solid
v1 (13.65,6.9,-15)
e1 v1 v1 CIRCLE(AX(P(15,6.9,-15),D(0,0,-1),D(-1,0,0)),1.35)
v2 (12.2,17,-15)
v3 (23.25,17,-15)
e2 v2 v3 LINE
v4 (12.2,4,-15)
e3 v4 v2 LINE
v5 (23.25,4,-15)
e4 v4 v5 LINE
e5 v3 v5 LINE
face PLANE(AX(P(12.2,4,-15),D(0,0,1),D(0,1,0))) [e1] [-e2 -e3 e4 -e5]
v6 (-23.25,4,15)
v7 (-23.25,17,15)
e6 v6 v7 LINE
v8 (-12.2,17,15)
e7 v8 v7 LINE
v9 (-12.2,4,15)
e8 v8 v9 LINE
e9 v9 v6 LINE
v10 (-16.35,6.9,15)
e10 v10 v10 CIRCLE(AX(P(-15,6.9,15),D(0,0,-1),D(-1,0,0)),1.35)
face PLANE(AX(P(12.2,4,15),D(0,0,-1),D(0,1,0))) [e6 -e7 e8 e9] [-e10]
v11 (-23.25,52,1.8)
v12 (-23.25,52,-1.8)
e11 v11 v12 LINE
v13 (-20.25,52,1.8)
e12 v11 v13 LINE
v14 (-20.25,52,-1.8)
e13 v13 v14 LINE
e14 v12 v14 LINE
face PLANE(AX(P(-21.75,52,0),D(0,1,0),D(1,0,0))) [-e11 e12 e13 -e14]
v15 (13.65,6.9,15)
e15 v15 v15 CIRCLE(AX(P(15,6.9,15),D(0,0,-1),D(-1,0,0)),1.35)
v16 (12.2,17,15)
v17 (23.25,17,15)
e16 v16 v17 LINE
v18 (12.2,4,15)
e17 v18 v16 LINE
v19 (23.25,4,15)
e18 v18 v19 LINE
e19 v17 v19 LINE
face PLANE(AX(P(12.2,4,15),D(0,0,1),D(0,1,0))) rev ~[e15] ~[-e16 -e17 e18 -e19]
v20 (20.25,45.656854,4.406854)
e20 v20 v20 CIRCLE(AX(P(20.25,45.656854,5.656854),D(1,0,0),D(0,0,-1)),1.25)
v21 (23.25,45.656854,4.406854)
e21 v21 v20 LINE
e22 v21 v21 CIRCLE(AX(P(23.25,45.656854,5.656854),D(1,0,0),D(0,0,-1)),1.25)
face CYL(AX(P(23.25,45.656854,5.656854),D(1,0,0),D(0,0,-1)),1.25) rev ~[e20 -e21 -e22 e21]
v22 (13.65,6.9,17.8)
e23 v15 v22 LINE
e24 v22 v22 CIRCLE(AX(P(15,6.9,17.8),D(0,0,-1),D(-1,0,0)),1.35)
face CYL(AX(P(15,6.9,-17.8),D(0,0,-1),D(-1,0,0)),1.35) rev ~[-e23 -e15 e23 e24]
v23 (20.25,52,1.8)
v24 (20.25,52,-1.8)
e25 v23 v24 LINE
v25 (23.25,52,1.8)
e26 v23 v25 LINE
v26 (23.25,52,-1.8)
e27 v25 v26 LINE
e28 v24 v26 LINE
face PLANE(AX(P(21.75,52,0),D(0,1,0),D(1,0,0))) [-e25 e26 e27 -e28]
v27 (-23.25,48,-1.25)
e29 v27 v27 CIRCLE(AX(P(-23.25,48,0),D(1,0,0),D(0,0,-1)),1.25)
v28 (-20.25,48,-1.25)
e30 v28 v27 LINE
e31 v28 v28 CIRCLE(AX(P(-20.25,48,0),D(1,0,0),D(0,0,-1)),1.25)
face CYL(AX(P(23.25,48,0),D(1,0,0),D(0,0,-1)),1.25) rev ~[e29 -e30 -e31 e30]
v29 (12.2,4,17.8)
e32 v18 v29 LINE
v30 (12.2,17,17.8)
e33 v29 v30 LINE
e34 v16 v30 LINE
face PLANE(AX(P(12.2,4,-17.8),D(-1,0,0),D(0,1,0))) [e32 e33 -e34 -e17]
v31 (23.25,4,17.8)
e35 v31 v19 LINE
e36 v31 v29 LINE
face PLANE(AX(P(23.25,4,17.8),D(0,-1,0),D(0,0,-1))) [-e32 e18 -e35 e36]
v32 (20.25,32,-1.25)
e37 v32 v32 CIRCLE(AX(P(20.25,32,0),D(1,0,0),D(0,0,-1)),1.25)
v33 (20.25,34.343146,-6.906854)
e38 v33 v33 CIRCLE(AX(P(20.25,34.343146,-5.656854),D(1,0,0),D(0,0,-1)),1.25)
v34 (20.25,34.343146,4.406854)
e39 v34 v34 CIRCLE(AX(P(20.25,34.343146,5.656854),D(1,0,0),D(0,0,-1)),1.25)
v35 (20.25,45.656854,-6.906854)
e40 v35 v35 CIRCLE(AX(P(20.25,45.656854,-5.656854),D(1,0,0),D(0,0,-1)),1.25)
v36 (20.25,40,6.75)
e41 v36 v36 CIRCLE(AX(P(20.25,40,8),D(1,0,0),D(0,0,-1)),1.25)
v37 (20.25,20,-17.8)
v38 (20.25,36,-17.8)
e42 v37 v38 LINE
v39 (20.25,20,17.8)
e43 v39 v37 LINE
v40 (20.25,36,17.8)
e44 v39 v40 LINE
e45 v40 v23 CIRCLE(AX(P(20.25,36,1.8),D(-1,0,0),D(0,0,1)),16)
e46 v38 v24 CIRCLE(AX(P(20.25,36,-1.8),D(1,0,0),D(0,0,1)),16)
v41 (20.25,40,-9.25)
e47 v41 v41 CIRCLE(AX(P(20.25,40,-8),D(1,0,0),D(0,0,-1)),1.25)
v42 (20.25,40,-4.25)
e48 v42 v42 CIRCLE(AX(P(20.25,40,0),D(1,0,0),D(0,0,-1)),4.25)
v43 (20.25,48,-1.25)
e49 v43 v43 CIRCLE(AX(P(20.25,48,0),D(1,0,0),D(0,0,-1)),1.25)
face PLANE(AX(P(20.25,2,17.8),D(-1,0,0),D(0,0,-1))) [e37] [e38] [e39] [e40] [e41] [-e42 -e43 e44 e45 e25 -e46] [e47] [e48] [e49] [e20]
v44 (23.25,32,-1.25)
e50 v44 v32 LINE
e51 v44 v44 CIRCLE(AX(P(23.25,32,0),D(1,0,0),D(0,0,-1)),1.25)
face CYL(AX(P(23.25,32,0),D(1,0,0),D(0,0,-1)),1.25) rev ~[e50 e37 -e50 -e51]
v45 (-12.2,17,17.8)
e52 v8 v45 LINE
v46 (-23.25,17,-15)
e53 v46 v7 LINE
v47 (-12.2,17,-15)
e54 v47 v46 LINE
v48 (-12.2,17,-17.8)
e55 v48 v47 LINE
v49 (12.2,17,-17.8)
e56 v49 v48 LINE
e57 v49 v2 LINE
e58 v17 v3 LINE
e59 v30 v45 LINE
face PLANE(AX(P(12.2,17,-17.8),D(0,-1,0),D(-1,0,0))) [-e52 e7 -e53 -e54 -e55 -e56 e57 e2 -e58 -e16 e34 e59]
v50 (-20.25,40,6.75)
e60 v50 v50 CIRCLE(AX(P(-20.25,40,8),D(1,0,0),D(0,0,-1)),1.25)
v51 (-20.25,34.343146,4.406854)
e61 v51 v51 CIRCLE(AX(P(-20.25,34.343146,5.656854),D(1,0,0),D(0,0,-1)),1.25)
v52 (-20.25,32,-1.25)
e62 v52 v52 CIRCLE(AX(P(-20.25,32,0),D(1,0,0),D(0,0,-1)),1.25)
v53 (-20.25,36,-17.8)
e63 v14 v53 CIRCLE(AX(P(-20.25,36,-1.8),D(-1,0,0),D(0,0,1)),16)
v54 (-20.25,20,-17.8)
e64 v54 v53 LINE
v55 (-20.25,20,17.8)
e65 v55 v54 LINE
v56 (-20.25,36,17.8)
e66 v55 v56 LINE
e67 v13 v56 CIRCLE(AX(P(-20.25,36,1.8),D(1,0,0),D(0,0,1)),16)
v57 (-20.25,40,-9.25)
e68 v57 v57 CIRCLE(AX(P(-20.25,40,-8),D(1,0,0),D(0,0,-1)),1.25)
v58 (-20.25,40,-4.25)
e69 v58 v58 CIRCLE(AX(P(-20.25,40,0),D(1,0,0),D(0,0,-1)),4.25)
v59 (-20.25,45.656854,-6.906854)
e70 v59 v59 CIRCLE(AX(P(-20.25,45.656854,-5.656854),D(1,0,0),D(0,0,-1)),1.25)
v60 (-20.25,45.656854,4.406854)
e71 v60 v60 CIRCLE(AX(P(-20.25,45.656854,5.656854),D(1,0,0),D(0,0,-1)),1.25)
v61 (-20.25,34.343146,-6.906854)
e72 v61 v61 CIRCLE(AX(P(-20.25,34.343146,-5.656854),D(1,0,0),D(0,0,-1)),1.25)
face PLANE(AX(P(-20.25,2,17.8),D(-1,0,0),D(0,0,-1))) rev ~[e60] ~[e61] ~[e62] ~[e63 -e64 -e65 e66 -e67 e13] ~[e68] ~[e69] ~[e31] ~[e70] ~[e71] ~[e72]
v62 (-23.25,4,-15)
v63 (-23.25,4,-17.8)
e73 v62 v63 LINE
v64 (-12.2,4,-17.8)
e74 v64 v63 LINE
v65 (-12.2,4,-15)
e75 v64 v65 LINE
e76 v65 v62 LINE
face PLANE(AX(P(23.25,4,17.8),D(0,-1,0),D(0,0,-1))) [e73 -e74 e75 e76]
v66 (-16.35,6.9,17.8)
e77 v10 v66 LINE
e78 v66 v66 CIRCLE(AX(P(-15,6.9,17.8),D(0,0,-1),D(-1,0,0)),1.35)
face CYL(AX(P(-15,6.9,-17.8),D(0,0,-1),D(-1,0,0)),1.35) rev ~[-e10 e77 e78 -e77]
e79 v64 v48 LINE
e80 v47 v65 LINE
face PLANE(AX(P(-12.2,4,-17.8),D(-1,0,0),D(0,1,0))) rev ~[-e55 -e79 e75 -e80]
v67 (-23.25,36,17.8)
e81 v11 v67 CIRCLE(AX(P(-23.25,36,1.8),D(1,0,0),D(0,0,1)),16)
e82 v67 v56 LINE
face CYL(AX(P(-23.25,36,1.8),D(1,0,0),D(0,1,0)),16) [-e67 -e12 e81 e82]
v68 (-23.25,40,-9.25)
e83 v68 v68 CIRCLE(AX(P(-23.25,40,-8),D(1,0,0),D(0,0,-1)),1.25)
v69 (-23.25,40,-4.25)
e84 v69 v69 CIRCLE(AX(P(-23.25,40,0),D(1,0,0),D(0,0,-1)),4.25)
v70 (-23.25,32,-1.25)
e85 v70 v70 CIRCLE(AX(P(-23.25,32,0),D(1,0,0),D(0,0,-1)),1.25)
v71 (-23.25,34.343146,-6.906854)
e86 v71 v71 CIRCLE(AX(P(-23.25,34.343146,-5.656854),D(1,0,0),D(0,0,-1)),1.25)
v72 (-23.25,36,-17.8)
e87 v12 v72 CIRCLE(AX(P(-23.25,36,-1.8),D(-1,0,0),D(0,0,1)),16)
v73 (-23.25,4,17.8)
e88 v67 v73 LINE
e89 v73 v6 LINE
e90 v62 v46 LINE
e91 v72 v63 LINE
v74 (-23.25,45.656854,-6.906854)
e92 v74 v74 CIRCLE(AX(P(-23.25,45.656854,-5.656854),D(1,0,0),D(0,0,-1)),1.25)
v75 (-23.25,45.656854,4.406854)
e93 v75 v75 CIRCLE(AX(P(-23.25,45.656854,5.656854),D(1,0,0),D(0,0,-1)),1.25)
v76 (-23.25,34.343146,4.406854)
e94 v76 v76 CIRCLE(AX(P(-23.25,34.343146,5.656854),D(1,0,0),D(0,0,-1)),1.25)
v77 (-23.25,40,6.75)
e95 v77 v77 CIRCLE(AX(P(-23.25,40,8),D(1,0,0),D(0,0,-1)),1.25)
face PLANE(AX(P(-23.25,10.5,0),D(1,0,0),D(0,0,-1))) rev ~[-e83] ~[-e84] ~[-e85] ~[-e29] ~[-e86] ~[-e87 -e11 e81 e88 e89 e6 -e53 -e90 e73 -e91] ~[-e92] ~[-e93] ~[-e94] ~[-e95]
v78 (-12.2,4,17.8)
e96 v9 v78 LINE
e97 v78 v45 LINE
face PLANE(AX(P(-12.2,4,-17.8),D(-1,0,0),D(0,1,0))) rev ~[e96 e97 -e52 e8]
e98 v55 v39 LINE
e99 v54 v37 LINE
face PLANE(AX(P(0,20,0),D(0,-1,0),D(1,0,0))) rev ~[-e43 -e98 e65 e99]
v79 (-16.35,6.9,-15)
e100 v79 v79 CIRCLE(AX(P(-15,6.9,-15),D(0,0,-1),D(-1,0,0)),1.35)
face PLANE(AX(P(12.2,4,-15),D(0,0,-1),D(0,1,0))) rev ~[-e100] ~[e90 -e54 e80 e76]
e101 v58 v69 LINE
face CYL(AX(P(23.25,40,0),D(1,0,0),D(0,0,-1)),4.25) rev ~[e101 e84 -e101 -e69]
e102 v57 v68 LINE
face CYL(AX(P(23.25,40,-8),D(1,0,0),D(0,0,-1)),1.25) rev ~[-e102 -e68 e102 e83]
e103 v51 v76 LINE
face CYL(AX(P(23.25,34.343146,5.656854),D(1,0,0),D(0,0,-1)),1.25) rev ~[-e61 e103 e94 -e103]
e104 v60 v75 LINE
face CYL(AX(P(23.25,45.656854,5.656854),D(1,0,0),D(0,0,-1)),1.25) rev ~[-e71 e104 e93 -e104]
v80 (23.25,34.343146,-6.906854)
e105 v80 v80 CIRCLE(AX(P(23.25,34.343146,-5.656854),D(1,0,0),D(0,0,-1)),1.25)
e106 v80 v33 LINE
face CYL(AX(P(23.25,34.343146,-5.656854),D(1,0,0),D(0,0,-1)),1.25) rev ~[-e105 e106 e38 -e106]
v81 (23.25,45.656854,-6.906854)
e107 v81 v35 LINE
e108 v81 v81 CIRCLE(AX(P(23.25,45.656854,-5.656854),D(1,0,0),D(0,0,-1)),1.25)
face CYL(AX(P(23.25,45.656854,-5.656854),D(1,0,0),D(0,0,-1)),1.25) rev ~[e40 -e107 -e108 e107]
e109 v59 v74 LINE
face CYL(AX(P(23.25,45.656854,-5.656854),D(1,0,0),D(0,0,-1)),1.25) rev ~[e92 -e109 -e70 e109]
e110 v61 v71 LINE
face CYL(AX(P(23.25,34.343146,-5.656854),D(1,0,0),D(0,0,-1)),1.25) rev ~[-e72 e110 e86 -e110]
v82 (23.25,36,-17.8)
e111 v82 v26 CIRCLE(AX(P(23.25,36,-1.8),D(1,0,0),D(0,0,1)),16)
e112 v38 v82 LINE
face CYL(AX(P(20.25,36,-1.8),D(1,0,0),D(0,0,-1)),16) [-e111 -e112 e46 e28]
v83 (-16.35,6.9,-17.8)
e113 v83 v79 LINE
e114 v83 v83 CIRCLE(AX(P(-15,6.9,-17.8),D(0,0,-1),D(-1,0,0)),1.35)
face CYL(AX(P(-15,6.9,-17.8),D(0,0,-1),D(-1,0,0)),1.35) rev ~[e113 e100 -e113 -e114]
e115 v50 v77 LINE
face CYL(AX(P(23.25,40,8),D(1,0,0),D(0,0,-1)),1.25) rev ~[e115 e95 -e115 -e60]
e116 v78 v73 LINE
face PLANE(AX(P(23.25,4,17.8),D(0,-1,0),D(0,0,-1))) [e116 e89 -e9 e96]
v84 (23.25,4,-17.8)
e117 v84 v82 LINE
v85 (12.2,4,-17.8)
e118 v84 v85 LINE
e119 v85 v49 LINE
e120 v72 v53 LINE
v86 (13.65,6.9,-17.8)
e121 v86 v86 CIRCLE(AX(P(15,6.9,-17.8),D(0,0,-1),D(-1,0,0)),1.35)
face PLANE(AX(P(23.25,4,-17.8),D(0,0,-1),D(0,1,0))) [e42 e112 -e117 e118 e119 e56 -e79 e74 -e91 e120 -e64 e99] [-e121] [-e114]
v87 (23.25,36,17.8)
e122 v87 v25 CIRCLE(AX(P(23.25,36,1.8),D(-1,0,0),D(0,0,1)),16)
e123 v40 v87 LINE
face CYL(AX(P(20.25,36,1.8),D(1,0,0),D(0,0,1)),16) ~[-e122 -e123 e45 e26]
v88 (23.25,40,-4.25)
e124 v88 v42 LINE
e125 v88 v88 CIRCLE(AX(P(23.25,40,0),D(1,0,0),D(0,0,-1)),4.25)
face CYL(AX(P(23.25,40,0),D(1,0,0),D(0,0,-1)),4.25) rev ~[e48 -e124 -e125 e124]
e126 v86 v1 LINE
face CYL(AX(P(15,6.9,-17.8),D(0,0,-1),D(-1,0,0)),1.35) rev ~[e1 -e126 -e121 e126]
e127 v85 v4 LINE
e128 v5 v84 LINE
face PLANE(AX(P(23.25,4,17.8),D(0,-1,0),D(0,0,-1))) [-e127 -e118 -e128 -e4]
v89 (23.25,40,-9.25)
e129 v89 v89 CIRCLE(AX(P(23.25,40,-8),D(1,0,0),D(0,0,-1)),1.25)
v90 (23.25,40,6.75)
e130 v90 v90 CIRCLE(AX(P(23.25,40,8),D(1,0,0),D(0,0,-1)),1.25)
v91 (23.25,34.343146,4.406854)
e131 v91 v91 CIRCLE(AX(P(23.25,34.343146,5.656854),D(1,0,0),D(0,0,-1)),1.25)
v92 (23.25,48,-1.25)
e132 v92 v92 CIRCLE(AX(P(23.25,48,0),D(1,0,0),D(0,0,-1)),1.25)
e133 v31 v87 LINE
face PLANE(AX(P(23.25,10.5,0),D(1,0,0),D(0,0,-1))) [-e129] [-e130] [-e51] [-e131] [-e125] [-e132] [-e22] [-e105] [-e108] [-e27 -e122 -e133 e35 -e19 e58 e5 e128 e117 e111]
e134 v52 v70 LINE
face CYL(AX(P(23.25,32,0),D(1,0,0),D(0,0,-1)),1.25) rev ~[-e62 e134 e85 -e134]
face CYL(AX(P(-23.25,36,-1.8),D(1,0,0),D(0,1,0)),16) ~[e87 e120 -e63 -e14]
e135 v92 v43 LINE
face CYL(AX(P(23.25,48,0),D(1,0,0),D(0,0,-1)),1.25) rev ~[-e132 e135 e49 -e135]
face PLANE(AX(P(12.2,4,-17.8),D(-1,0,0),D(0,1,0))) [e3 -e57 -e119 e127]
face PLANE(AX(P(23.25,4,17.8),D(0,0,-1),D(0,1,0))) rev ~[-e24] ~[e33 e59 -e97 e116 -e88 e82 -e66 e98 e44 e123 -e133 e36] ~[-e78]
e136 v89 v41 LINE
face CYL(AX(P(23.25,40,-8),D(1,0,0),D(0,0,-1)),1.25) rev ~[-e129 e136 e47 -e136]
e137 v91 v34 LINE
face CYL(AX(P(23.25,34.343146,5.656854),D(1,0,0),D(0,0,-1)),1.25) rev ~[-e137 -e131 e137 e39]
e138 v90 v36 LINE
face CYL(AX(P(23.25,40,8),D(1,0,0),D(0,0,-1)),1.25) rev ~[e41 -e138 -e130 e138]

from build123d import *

# Parameters (mm, degrees)
SKETCH1_W                = 46.5
SKETCH1_H                = 35.6
BOSS_EXTRUDE1_DEPTH      = 2
SKETCH2_W                = 3
SKETCH2_H                = 35.6
BOSS_EXTRUDE2_DEPTH      = 50
SKETCH3_R                = 4.25
CUT_EXTRUDE1_DEPTH       = 47.5
SKETCH6_R                = 1.25
CUT_EXTRUDE3_DEPTH       = 47.5
FILLET5_R                = 16
SKETCH1_2_W              = 46.5
SKETCH1_2_H              = 35.6
CUT_EXTRUDE6_DEPTH       = 20
SKETCH8_W                = 46.5
SKETCH8_H                = 35.6
BOSS_EXTRUDE3_DEPTH      = 3
SKETCH9_W                = 35.6
SKETCH9_H                = 13
BOSS_EXTRUDE4_DEPTH      = 46.5
SKETCH12_W               = 24.4
SKETCH12_H               = 13
CUT_EXTRUDE9_DEPTH       = 36.6
SKETCH13_W               = 30
SKETCH13_H               = 13
CUT_EXTRUDE10_DEPTH      = 36.45
CUT_EXTRUDE10_DEPTH_BACK = 12.05
SKETCH15_R               = 1.35
CUT_EXTRUDE12_DEPTH      = 36.6


with BuildPart() as part:
    # Sketch1 → Boss-Extrude1 (new body)
    with BuildSketch(Plane(origin=(0, 0, 0), x_dir=(1, 0, 0), z_dir=(0, 1, 0))):
        Rectangle(SKETCH1_W, SKETCH1_H)
    extrude(amount=BOSS_EXTRUDE1_DEPTH)

    # Sketch2 → Boss-Extrude2 (add)
    with BuildSketch(Plane(origin=(0, 2, 0), x_dir=(1, 0, 0), z_dir=(0, 1, 0))):
        with Locations((-21.75, 0)):
            Rectangle(SKETCH2_W, SKETCH2_H)
        with Locations((21.75, 0)):
            Rectangle(SKETCH2_W, SKETCH2_H)
    extrude(amount=BOSS_EXTRUDE2_DEPTH)

    # Sketch3 → Cut-Extrude1 (cut, through all)
    with BuildSketch(Plane(origin=(23.25, 0, 0), x_dir=(0, 0, -1), z_dir=(1, 0, 0))):
        with Locations((0, 40)):
            Circle(SKETCH3_R)
    extrude(amount=-CUT_EXTRUDE1_DEPTH, mode=Mode.SUBTRACT)

    # Sketch6 → Cut-Extrude3 (cut, through all)
    with BuildSketch(Plane(origin=(23.25, 0, 0), x_dir=(0, 0, -1), z_dir=(1, 0, 0))):
        with Locations((0, 32)):
            Circle(SKETCH6_R)
        with Locations((-5.656854249, 34.343145751)):
            Circle(SKETCH6_R)
        with Locations((-8, 40)):
            Circle(SKETCH6_R)
        with Locations((-5.656854249, 45.656854249)):
            Circle(SKETCH6_R)
        with Locations((0, 48)):
            Circle(SKETCH6_R)
        with Locations((5.656854249, 45.656854249)):
            Circle(SKETCH6_R)
        with Locations((8, 40)):
            Circle(SKETCH6_R)
        with Locations((5.656854249, 34.343145751)):
            Circle(SKETCH6_R)
    extrude(amount=-CUT_EXTRUDE3_DEPTH, mode=Mode.SUBTRACT)

    # Fillet5
    fillet5_edges = [part.edges().sort_by_distance(p)[0] for p in [
        (-21.75, 52, 17.8),
        (-21.75, 52, -17.8),
        (21.75, 52, -17.8),
        (21.75, 52, 17.8),
    ]]
    fillet(fillet5_edges, radius=FILLET5_R)

    # Sketch1<2> → Cut-Extrude6 (cut)
    with BuildSketch(Plane(origin=(0, 0, 0), x_dir=(1, 0, 0), z_dir=(0, 1, 0))):
        Rectangle(SKETCH1_2_W, SKETCH1_2_H)
    extrude(amount=CUT_EXTRUDE6_DEPTH, mode=Mode.SUBTRACT)

    # Sketch8 → Boss-Extrude3 (add)
    with BuildSketch(Plane.XZ.offset(-20)):
        Rectangle(SKETCH8_W, SKETCH8_H)
    extrude(amount=BOSS_EXTRUDE3_DEPTH)

    # Sketch9 → Boss-Extrude4 (add)
    with BuildSketch(Plane(origin=(23.25, 0, 0), x_dir=(0, 0, -1), z_dir=(1, 0, 0))):
        with Locations((0, 10.5)):
            Rectangle(SKETCH9_W, SKETCH9_H)
    extrude(amount=-BOSS_EXTRUDE4_DEPTH)

    # Sketch12 → Cut-Extrude9 (cut, through all)
    with BuildSketch(Plane(origin=(0, 0, -17.8), x_dir=(-1, 0, 0), z_dir=(0, 0, -1))):
        with Locations((0, 10.5)):
            Rectangle(SKETCH12_W, SKETCH12_H)
    extrude(amount=-CUT_EXTRUDE9_DEPTH, mode=Mode.SUBTRACT)

    # Sketch13 → Cut-Extrude10 (cut, two sides)
    with BuildSketch(Plane.ZY.offset(-12.2)) as cut_extrude10_sk:
        with Locations((0, 10.5)):
            Rectangle(SKETCH13_W, SKETCH13_H)
    extrude(amount=CUT_EXTRUDE10_DEPTH, mode=Mode.SUBTRACT)
    extrude(cut_extrude10_sk.sketch, amount=-CUT_EXTRUDE10_DEPTH_BACK, mode=Mode.SUBTRACT)

    # Sketch15 → Cut-Extrude12 (cut, through all)
    with BuildSketch(Plane(origin=(0, 0, -17.8), x_dir=(-1, 0, 0), z_dir=(0, 0, -1))):
        with Locations((-15, 6.9)):
            Circle(SKETCH15_R)
        with Locations((15, 6.9)):
            Circle(SKETCH15_R)
    extrude(amount=-CUT_EXTRUDE12_DEPTH, mode=Mode.SUBTRACT)


solid = part.part
